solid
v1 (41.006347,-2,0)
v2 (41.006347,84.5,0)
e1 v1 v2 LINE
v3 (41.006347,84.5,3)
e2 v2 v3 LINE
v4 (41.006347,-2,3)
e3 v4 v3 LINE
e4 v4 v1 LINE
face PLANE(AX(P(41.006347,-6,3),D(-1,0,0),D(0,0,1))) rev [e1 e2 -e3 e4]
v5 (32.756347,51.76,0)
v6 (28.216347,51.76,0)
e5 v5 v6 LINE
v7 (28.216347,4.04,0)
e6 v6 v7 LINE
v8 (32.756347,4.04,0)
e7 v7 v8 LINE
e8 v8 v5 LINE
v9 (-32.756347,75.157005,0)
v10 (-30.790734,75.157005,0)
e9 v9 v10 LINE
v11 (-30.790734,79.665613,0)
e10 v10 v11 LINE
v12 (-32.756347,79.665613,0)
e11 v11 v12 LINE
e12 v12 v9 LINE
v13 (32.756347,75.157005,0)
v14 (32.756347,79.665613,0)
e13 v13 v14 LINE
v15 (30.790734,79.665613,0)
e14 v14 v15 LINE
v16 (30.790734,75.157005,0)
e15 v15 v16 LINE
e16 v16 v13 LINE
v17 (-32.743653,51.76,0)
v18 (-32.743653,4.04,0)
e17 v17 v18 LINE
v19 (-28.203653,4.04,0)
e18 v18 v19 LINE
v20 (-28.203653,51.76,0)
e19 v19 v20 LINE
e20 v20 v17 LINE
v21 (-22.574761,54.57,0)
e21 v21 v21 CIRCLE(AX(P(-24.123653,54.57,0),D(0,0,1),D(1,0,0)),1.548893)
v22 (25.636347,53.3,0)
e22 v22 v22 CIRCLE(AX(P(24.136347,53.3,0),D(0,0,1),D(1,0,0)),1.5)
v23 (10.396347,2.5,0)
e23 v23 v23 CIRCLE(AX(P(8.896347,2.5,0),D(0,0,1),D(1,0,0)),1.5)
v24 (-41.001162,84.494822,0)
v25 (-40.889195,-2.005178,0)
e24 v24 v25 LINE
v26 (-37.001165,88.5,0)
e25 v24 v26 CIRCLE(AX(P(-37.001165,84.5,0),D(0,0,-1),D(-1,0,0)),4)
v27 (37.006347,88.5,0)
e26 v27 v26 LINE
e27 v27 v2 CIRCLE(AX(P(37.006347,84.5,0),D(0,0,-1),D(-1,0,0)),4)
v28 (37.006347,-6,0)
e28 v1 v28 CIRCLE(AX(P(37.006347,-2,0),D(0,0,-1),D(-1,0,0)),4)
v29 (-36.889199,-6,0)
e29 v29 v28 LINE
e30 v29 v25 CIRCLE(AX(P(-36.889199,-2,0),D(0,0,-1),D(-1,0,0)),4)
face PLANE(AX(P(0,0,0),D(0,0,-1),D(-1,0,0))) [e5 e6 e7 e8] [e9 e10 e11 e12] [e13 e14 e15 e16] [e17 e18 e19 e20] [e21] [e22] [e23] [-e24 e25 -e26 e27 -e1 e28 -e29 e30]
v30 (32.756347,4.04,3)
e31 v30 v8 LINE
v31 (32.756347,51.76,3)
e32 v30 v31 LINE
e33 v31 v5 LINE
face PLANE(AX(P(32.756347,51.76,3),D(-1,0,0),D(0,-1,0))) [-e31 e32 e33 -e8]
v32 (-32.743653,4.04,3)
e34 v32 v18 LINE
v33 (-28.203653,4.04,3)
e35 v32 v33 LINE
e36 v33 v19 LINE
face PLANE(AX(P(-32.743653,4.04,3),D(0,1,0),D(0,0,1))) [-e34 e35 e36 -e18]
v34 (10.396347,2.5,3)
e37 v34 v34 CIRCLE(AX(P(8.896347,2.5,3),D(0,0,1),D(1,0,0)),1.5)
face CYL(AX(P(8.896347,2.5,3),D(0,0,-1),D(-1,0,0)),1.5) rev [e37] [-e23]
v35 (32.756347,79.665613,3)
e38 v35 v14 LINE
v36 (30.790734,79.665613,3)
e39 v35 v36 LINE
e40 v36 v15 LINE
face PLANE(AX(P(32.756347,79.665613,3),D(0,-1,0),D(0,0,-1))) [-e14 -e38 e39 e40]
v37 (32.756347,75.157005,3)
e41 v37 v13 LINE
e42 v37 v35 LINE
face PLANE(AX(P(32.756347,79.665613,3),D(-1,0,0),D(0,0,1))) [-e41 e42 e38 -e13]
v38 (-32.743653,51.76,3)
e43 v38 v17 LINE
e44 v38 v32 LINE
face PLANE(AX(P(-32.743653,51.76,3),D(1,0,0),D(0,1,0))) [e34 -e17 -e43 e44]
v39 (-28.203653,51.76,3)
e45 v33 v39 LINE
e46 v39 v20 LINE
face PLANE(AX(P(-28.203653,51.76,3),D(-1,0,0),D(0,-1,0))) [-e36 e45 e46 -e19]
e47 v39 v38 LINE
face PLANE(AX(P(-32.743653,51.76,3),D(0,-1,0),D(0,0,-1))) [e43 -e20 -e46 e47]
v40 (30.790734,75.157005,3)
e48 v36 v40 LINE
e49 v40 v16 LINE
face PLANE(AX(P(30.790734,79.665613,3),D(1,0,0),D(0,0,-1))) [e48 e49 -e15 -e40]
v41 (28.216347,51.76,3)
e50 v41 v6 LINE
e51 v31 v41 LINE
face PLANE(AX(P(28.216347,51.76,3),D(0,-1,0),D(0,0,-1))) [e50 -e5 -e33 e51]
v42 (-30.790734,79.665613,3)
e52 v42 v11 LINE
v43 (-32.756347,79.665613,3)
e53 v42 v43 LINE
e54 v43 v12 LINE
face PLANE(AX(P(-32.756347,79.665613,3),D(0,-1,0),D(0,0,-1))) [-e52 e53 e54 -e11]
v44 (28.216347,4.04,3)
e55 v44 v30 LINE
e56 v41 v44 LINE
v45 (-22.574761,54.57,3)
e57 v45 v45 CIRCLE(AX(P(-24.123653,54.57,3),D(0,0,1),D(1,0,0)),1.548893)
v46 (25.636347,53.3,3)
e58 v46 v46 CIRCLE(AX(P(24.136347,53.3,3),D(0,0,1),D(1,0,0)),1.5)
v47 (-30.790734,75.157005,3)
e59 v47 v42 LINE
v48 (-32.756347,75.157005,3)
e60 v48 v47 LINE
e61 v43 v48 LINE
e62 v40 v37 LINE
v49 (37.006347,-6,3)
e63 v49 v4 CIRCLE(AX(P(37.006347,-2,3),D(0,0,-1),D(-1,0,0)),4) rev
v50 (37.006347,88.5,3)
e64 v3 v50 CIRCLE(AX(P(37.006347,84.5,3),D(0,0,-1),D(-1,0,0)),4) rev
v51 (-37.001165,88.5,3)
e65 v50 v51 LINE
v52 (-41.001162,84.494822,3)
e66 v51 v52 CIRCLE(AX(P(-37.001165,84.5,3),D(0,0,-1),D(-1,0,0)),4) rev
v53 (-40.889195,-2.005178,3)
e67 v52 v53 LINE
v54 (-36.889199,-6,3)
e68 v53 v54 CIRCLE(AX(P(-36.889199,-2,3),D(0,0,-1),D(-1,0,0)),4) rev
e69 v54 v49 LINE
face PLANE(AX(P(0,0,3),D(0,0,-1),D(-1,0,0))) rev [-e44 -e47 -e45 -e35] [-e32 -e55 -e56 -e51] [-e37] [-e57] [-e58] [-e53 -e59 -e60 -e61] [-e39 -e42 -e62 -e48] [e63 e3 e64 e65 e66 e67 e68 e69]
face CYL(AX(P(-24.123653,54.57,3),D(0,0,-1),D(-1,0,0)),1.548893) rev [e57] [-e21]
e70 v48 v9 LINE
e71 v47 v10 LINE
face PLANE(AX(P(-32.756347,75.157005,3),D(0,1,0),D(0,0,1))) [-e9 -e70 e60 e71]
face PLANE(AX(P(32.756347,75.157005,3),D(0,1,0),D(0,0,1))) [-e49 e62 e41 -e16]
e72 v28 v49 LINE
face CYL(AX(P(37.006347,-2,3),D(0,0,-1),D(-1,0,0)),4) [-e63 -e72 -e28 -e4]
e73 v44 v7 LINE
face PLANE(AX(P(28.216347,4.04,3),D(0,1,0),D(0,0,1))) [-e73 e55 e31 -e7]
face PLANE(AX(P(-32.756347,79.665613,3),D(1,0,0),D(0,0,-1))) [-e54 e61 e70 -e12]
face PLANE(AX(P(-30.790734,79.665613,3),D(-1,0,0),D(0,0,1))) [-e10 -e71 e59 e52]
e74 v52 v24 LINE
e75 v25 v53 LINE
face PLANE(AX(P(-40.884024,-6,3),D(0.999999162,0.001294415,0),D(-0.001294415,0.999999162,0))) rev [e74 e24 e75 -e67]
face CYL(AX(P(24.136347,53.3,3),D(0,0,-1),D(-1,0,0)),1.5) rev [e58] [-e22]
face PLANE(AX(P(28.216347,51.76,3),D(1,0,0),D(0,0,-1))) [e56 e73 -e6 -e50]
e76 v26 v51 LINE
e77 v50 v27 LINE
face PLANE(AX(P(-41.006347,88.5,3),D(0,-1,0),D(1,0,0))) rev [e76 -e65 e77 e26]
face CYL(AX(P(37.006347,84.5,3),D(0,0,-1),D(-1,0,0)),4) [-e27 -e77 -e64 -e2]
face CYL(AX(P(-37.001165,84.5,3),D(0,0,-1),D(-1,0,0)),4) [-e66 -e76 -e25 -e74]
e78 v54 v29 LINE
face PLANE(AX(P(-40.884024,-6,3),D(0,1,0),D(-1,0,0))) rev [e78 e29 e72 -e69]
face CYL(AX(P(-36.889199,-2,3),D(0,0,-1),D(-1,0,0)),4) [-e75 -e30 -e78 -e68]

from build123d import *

# Parameters (mm, degrees)
ESQUISSE1_R        = 1.5
ESQUISSE1_R_2      = 1.548892625
ESQUISSE1_W        = 4.54
ESQUISSE1_H        = 47.72
ESQUISSE1_W_2      = 1.965612554
ESQUISSE1_H_2      = 4.508607734
BOSS_EXTRU_1_DEPTH = 3
CONG_1_R           = 4


with BuildPart() as part:
    # Esquisse1 → Boss.-Extru.1 (new body)
    with BuildSketch(Plane.XY):
        Polygon((-41.006346513, 88.5), (41.006346513, 88.5), (41.006346513, -6), (-40.884024197, -6), align=None)
        with Locations((8.896346513, 2.5)):
            Circle(ESQUISSE1_R, mode=Mode.SUBTRACT)
        with Locations((-24.123653487, 54.57)):
            Circle(ESQUISSE1_R_2, mode=Mode.SUBTRACT)
        with Locations((24.136346513, 53.3)):
            Circle(ESQUISSE1_R, mode=Mode.SUBTRACT)
        with Locations((-30.473653487, 27.9)):
            Rectangle(ESQUISSE1_W, ESQUISSE1_H, mode=Mode.SUBTRACT)
        with Locations((30.486346513, 27.9)):
            Rectangle(ESQUISSE1_W, ESQUISSE1_H, mode=Mode.SUBTRACT)
        with Locations((31.773540236, 77.411308687)):
            Rectangle(ESQUISSE1_W_2, ESQUISSE1_H_2, mode=Mode.SUBTRACT)
        with Locations((-31.773540236, 77.411308687)):
            Rectangle(ESQUISSE1_W_2, ESQUISSE1_H_2, mode=Mode.SUBTRACT)
    extrude(amount=BOSS_EXTRU_1_DEPTH)

    # Congé1
    cong_1_edges = [part.edges().sort_by_distance(p)[0] for p in [
        (-41.006346513, 88.5, 1.5),
        (41.006346513, 88.5, 1.5),
        (41.006346513, -6, 1.5),
        (-40.884024197, -6, 1.5),
    ]]
    fillet(cong_1_edges, radius=CONG_1_R)


solid = part.part
